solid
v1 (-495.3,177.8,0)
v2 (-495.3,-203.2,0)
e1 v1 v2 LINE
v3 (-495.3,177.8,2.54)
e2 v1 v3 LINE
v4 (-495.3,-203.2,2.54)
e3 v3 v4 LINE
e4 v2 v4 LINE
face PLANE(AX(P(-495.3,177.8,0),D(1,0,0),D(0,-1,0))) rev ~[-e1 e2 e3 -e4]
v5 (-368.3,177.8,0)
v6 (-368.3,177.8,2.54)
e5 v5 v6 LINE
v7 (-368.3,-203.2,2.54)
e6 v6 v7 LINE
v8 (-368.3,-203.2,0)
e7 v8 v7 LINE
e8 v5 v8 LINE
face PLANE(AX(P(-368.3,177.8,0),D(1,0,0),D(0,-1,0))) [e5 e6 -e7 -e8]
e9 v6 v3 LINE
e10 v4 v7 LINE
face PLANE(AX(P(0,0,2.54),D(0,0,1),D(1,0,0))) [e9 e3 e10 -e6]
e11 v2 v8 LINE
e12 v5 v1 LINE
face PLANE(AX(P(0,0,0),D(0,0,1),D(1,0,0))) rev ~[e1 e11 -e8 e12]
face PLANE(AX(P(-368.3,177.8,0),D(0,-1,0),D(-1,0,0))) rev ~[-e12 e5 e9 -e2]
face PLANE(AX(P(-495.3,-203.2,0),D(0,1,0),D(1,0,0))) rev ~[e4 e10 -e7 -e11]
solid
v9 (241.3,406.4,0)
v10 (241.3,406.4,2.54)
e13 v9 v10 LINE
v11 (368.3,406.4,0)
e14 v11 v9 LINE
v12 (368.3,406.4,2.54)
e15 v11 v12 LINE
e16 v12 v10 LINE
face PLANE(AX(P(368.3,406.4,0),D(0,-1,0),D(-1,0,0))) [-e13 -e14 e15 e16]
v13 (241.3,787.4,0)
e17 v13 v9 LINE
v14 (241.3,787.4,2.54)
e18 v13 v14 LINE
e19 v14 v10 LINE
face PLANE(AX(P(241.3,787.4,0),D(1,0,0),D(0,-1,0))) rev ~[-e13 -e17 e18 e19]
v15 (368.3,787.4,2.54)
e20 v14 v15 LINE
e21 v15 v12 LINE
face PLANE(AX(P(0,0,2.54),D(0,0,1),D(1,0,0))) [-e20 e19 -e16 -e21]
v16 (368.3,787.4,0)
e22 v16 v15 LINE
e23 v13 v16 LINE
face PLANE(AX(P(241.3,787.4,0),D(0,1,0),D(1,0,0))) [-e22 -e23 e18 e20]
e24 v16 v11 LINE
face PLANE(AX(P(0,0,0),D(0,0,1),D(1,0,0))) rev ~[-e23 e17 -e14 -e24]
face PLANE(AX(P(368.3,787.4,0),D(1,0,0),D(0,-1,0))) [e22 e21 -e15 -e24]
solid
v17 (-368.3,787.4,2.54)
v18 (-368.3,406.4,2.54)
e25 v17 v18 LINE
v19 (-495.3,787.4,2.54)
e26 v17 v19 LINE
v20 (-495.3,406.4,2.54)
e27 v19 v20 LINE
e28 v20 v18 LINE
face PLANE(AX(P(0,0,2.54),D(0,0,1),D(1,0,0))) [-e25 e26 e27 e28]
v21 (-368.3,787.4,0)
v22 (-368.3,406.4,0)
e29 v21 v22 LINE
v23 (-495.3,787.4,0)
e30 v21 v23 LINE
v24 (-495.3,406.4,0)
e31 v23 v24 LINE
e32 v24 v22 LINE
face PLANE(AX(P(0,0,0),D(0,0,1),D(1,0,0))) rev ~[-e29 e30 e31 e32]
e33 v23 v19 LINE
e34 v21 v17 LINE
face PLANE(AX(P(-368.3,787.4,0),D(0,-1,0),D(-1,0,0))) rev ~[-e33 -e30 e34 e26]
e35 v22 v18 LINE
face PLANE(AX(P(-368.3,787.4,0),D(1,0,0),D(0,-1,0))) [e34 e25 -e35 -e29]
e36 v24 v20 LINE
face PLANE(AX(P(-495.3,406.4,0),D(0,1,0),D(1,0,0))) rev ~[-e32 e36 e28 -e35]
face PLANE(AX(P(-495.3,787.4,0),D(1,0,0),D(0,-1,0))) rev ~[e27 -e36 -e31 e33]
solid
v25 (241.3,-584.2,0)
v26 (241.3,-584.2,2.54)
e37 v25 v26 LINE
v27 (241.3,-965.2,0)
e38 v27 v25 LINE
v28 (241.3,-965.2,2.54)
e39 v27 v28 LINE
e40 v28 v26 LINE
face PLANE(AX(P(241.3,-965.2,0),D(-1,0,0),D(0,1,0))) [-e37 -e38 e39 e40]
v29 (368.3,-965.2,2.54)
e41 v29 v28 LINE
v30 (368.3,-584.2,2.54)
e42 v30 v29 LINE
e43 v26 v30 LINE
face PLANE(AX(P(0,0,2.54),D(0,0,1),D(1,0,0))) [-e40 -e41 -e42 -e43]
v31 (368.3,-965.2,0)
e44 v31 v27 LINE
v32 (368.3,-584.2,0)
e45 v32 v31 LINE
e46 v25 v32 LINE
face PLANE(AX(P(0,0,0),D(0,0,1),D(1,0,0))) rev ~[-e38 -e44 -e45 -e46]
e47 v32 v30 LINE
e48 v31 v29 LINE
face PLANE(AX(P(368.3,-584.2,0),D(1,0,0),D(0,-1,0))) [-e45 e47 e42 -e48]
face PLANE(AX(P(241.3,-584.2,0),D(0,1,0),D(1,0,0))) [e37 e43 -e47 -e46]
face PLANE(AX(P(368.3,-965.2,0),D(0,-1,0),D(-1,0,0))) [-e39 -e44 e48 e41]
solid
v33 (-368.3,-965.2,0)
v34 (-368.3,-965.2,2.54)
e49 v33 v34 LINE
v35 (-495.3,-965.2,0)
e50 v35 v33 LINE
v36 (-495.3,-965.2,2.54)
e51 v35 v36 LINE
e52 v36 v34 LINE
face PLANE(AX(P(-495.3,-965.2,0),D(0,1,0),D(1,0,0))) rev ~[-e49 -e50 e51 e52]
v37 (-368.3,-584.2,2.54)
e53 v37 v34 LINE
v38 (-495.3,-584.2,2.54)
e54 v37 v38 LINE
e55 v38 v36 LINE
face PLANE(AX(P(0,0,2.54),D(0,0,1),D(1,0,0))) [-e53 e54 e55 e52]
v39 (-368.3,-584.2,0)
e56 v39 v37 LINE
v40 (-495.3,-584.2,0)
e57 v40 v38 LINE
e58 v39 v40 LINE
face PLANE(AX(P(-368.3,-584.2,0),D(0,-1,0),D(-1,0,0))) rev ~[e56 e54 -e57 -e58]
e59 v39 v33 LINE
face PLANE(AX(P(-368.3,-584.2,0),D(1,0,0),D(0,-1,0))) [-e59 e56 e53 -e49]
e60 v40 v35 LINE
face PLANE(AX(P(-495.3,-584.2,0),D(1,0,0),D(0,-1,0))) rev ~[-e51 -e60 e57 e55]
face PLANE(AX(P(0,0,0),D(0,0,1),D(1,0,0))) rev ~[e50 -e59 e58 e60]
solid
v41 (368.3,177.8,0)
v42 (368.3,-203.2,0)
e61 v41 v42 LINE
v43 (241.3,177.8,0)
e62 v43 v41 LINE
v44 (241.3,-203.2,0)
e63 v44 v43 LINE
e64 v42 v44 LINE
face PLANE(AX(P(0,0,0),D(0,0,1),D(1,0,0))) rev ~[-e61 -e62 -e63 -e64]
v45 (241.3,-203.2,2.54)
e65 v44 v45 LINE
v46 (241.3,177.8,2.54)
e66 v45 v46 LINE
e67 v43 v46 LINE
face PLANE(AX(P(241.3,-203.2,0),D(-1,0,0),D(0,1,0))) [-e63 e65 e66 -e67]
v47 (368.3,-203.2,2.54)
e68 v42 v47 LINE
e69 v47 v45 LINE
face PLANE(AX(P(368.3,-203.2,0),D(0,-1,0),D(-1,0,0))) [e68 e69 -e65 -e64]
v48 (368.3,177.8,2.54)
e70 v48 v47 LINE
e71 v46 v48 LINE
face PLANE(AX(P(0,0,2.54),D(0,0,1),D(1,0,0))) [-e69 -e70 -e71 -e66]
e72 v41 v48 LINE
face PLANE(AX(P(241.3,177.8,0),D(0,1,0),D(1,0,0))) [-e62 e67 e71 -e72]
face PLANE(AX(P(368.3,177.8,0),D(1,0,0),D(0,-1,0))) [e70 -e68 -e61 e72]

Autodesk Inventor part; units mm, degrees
ref_plane "YZ Plane" through (0, 0, 0) normal (1, 0, 0) x (0, 1, 0)
ref_plane "XZ Plane" through (0, 0, 0) normal (0, 1, 0) x (-1, 0, 0)
ref_plane "XY Plane" through (0, 0, 0) normal (0, 0, 1) x (1, 0, 0)
ref_plane "Work Plane1" through (0, 0, 0) normal (0, 0, 1) x (1, 0, 0)
sketch "Sketch1" plane through (0, 0, 0) normal (0, 0, 1) x (1, 0, 0)
  line L0 (-368.3, 406.4) -> (-368.3, -406.4) projected
  line L1 (-368.3, 1092.2) -> (-368.3, 406.4) projected
  line L2 (241.3, 1092.2) -> (241.3, 406.4) projected
  line L3 (241.3, -406.4) -> (241.3, 406.4) projected
  line L4 (-368.3, -406.4) -> (-368.3, -1092.2) projected
  line L5 (241.3, -1092.2) -> (241.3, -406.4) projected
  line L6 (-368.3, 787.4) -> (-495.3, 787.4)
  line L7 (-495.3, 787.4) -> (-495.3, 406.4)
  line L8 (-495.3, 406.4) -> (-368.3, 406.4)
  line L9 (-368.3, 406.4) -> (-368.3, 787.4)
  line L10 (-368.3, 177.8) -> (-495.3, 177.8)
  line L11 (-495.3, 177.8) -> (-495.3, -203.2)
  line L12 (-495.3, -203.2) -> (-368.3, -203.2)
  line L13 (-368.3, -203.2) -> (-368.3, 177.8)
  line L14 (-368.3, -584.2) -> (-495.3, -584.2)
  line L15 (-495.3, -584.2) -> (-495.3, -965.2)
  line L16 (-495.3, -965.2) -> (-368.3, -965.2)
  line L17 (-368.3, -965.2) -> (-368.3, -584.2)
  line L18 (241.3, 787.4) -> (368.3, 787.4)
  line L19 (368.3, 787.4) -> (368.3, 406.4)
  line L20 (368.3, 406.4) -> (241.3, 406.4)
  line L21 (241.3, 406.4) -> (241.3, 787.4)
  line L22 (241.3, 177.8) -> (368.3, 177.8)
  line L23 (368.3, 177.8) -> (368.3, -203.2)
  line L24 (368.3, -203.2) -> (241.3, -203.2)
  line L25 (241.3, -203.2) -> (241.3, 177.8)
  line L26 (241.3, -584.2) -> (368.3, -584.2)
  line L27 (368.3, -584.2) -> (368.3, -965.2)
  line L28 (368.3, -965.2) -> (241.3, -965.2)
  line L29 (241.3, -965.2) -> (241.3, -584.2)
  line L30 (2438.4, 1219.2) -> (-2451.1, 1219.2) projected
  line L31 (-2451.1, -1219.2) -> (2438.4, -1219.2) projected
  point P0 (0, 0)
  dimension "d0" = 127
  dimension "d1" = 127
  dimension "d2" = 381
  dimension "d3" = 381
  dimension "d4" = 381
  dimension "d5" = 254
  dimension "d6" = 381
  dimension "d7" = 228.6
extrude "Extrusion1" add sketch "Sketch1" along normal blind 2.54
equation "\"d1\" = d0"
properties part number "Stripes on the floor"
